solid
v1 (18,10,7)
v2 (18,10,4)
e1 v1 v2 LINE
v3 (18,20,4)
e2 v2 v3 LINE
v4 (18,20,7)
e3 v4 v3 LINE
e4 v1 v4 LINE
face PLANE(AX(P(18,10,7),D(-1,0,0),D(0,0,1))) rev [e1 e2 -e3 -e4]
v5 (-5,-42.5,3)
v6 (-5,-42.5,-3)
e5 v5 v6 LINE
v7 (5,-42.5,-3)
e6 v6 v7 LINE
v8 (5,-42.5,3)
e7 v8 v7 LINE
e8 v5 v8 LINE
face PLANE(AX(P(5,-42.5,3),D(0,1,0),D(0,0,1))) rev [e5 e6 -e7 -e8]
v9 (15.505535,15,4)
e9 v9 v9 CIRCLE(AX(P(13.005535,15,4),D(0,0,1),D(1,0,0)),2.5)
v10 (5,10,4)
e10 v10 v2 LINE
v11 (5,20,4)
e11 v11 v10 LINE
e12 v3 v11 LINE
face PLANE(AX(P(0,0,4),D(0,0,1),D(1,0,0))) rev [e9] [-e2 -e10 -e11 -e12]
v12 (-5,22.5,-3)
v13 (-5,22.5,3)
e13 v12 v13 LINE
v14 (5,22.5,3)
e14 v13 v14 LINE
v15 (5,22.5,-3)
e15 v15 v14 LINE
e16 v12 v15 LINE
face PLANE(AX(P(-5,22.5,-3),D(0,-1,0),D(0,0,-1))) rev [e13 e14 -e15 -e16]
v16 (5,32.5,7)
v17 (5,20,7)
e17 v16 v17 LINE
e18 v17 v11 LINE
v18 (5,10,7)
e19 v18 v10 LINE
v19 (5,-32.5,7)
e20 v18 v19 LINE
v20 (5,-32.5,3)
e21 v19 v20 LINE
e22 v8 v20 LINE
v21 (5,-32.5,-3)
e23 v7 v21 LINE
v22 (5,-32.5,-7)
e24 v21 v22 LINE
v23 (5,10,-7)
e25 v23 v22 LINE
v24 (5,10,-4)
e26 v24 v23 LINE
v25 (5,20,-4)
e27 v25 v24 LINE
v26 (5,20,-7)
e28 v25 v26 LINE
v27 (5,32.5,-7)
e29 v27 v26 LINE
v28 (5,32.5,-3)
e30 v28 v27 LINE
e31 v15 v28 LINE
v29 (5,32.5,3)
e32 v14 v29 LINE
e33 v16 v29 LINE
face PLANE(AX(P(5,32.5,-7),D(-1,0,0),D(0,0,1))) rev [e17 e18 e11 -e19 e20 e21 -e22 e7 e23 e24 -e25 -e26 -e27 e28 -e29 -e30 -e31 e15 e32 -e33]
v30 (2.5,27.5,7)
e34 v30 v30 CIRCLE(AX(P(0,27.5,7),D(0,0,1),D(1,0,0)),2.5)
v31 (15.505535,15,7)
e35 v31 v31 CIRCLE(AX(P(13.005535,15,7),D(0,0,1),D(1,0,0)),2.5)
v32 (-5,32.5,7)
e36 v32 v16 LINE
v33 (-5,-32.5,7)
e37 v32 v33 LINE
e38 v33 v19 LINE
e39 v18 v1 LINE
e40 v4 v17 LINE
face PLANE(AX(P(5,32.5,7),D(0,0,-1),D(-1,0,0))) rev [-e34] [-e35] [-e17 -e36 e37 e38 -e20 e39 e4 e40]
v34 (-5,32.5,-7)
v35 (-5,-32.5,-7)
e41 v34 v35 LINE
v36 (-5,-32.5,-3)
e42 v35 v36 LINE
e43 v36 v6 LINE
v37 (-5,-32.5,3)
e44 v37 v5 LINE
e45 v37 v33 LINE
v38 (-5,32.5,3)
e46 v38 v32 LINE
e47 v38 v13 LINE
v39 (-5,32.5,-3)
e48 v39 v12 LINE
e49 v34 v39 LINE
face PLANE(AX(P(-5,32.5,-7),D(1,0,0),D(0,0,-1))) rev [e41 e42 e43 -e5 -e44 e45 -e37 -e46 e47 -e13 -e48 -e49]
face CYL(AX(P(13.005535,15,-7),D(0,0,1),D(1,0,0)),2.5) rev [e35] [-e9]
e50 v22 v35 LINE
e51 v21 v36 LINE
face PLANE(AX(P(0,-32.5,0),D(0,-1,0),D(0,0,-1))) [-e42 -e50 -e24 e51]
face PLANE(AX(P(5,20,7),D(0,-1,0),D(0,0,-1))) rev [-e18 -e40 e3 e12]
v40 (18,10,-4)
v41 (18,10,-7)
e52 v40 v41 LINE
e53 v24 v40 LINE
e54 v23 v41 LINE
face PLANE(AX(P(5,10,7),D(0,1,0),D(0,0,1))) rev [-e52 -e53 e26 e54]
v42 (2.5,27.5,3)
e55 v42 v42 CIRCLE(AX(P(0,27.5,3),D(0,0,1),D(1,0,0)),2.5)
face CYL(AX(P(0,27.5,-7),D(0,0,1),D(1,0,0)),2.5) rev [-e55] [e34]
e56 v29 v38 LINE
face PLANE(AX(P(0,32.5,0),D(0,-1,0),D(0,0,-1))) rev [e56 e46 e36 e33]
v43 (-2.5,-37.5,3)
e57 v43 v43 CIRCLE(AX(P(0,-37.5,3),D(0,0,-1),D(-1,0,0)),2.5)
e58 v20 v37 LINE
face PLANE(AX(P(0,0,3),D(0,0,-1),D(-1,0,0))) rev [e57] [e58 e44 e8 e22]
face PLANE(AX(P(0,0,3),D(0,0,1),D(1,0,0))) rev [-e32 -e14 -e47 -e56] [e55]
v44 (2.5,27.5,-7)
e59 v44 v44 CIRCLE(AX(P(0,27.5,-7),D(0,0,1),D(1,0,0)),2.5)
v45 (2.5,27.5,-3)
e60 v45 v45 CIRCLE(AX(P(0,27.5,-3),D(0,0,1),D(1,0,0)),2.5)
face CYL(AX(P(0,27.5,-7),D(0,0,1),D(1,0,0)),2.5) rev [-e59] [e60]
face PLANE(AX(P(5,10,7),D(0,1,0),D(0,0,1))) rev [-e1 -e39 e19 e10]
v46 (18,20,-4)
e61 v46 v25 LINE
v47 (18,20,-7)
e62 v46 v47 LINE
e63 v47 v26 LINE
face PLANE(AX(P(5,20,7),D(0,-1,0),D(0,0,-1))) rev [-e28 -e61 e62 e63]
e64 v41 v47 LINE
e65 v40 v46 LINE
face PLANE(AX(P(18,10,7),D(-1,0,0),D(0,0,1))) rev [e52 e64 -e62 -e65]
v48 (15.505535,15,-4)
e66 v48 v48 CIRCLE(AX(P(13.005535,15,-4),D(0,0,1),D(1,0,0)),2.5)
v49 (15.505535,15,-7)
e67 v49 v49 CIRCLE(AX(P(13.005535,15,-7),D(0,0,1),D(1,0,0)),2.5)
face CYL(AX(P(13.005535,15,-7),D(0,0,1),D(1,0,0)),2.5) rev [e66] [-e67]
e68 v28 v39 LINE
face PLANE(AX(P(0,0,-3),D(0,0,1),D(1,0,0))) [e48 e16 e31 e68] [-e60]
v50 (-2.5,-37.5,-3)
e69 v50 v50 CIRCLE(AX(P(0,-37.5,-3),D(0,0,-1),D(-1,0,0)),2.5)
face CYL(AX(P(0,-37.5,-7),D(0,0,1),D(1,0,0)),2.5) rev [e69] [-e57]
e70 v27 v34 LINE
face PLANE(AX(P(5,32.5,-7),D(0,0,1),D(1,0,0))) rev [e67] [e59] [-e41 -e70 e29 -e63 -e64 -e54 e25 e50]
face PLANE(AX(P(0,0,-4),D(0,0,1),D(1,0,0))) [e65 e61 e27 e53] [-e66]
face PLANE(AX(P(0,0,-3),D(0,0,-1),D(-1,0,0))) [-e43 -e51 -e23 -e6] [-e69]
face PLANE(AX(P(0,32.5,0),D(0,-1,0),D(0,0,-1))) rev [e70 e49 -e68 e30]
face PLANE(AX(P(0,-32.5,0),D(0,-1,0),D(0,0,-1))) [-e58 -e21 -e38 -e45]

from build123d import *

# Parameters (mm, degrees)
SKETCH_1_W                = 10
SKETCH_1_H                = 14
EXTRUDE_1_DEPTH           = 32.5
SKETCH_7_W                = 13
SKETCH_7_H                = 10
EXTRUDE_3_DEPTH           = 7
SKETCH_8_W                = 13
SKETCH_8_H                = 10
CUT_EXTRUDE_3_DEPTH       = 4
SKETCH_10_R               = 2.5
CUT_EXTRUDE_4_DEPTH       = 8
CUT_EXTRUDE_4_DEPTH_BACK  = 8
SKETCH_14_W               = 10
SKETCH_14_H               = 10
CUT_EXTRUDE_8_DEPTH       = 3
SKETCH_15_W               = 10
SKETCH_15_H               = 10
EXTRUDE_4_DEPTH           = 3
SKETCH_16_R               = 2.5
CUT_EXTRUDE_9_DEPTH       = 8
CUT_EXTRUDE_9_DEPTH_BACK  = 8
SKETCH_17_R               = 2.5
CUT_EXTRUDE_10_DEPTH      = 8
CUT_EXTRUDE_10_DEPTH_BACK = 8


with BuildPart() as part:
    # 草图1 → 凸台-拉伸1 (new body, symmetric)
    with BuildSketch(Plane(origin=(0, 0, 0), x_dir=(1, 0, 0), z_dir=(0, 1, 0))):
        Rectangle(SKETCH_1_W, SKETCH_1_H)
    extrude(amount=EXTRUDE_1_DEPTH, both=True)

    # 草图7 → 凸台-拉伸3 (add, symmetric)
    with BuildSketch(Plane.XY):
        with Locations((11.5, 15)):
            Rectangle(SKETCH_7_W, SKETCH_7_H)
    extrude(amount=EXTRUDE_3_DEPTH, both=True)

    # 草图8 → 切除-拉伸3 (cut, symmetric)
    with BuildSketch(Plane.XY):
        with Locations((11.5, 15)):
            Rectangle(SKETCH_8_W, SKETCH_8_H)
    extrude(amount=CUT_EXTRUDE_3_DEPTH, both=True, mode=Mode.SUBTRACT)

    # 草图10 → 切除-拉伸4 (cut, two sides)
    with BuildSketch(Plane.XY) as cut_extrude_4_sk:
        with Locations((13.005535268, 15)):
            Circle(SKETCH_10_R)
    extrude(amount=CUT_EXTRUDE_4_DEPTH, mode=Mode.SUBTRACT)
    extrude(cut_extrude_4_sk.sketch, amount=-CUT_EXTRUDE_4_DEPTH_BACK, mode=Mode.SUBTRACT)

    # 草图14 → 切除-拉伸8 (cut, symmetric)
    with BuildSketch(Plane.XY):
        with Locations((0, 27.5)):
            Rectangle(SKETCH_14_W, SKETCH_14_H)
    extrude(amount=CUT_EXTRUDE_8_DEPTH, both=True, mode=Mode.SUBTRACT)

    # 草图15 → 凸台-拉伸4 (add, symmetric)
    with BuildSketch(Plane.XY):
        with Locations((0, -37.5)):
            Rectangle(SKETCH_15_W, SKETCH_15_H)
    extrude(amount=EXTRUDE_4_DEPTH, both=True)

    # 草图16 → 切除-拉伸9 (cut, two sides)
    with BuildSketch(Plane.XY) as cut_extrude_9_sk:
        with Locations((0, 27.5)):
            Circle(SKETCH_16_R)
    extrude(amount=CUT_EXTRUDE_9_DEPTH, mode=Mode.SUBTRACT)
    extrude(cut_extrude_9_sk.sketch, amount=-CUT_EXTRUDE_9_DEPTH_BACK, mode=Mode.SUBTRACT)

    # 草图17 → 切除-拉伸10 (cut, two sides)
    with BuildSketch(Plane.XY) as cut_extrude_10_sk:
        with Locations((0, -37.5)):
            Circle(SKETCH_17_R)
    extrude(amount=CUT_EXTRUDE_10_DEPTH, mode=Mode.SUBTRACT)
    extrude(cut_extrude_10_sk.sketch, amount=-CUT_EXTRUDE_10_DEPTH_BACK, mode=Mode.SUBTRACT)


solid = part.part
